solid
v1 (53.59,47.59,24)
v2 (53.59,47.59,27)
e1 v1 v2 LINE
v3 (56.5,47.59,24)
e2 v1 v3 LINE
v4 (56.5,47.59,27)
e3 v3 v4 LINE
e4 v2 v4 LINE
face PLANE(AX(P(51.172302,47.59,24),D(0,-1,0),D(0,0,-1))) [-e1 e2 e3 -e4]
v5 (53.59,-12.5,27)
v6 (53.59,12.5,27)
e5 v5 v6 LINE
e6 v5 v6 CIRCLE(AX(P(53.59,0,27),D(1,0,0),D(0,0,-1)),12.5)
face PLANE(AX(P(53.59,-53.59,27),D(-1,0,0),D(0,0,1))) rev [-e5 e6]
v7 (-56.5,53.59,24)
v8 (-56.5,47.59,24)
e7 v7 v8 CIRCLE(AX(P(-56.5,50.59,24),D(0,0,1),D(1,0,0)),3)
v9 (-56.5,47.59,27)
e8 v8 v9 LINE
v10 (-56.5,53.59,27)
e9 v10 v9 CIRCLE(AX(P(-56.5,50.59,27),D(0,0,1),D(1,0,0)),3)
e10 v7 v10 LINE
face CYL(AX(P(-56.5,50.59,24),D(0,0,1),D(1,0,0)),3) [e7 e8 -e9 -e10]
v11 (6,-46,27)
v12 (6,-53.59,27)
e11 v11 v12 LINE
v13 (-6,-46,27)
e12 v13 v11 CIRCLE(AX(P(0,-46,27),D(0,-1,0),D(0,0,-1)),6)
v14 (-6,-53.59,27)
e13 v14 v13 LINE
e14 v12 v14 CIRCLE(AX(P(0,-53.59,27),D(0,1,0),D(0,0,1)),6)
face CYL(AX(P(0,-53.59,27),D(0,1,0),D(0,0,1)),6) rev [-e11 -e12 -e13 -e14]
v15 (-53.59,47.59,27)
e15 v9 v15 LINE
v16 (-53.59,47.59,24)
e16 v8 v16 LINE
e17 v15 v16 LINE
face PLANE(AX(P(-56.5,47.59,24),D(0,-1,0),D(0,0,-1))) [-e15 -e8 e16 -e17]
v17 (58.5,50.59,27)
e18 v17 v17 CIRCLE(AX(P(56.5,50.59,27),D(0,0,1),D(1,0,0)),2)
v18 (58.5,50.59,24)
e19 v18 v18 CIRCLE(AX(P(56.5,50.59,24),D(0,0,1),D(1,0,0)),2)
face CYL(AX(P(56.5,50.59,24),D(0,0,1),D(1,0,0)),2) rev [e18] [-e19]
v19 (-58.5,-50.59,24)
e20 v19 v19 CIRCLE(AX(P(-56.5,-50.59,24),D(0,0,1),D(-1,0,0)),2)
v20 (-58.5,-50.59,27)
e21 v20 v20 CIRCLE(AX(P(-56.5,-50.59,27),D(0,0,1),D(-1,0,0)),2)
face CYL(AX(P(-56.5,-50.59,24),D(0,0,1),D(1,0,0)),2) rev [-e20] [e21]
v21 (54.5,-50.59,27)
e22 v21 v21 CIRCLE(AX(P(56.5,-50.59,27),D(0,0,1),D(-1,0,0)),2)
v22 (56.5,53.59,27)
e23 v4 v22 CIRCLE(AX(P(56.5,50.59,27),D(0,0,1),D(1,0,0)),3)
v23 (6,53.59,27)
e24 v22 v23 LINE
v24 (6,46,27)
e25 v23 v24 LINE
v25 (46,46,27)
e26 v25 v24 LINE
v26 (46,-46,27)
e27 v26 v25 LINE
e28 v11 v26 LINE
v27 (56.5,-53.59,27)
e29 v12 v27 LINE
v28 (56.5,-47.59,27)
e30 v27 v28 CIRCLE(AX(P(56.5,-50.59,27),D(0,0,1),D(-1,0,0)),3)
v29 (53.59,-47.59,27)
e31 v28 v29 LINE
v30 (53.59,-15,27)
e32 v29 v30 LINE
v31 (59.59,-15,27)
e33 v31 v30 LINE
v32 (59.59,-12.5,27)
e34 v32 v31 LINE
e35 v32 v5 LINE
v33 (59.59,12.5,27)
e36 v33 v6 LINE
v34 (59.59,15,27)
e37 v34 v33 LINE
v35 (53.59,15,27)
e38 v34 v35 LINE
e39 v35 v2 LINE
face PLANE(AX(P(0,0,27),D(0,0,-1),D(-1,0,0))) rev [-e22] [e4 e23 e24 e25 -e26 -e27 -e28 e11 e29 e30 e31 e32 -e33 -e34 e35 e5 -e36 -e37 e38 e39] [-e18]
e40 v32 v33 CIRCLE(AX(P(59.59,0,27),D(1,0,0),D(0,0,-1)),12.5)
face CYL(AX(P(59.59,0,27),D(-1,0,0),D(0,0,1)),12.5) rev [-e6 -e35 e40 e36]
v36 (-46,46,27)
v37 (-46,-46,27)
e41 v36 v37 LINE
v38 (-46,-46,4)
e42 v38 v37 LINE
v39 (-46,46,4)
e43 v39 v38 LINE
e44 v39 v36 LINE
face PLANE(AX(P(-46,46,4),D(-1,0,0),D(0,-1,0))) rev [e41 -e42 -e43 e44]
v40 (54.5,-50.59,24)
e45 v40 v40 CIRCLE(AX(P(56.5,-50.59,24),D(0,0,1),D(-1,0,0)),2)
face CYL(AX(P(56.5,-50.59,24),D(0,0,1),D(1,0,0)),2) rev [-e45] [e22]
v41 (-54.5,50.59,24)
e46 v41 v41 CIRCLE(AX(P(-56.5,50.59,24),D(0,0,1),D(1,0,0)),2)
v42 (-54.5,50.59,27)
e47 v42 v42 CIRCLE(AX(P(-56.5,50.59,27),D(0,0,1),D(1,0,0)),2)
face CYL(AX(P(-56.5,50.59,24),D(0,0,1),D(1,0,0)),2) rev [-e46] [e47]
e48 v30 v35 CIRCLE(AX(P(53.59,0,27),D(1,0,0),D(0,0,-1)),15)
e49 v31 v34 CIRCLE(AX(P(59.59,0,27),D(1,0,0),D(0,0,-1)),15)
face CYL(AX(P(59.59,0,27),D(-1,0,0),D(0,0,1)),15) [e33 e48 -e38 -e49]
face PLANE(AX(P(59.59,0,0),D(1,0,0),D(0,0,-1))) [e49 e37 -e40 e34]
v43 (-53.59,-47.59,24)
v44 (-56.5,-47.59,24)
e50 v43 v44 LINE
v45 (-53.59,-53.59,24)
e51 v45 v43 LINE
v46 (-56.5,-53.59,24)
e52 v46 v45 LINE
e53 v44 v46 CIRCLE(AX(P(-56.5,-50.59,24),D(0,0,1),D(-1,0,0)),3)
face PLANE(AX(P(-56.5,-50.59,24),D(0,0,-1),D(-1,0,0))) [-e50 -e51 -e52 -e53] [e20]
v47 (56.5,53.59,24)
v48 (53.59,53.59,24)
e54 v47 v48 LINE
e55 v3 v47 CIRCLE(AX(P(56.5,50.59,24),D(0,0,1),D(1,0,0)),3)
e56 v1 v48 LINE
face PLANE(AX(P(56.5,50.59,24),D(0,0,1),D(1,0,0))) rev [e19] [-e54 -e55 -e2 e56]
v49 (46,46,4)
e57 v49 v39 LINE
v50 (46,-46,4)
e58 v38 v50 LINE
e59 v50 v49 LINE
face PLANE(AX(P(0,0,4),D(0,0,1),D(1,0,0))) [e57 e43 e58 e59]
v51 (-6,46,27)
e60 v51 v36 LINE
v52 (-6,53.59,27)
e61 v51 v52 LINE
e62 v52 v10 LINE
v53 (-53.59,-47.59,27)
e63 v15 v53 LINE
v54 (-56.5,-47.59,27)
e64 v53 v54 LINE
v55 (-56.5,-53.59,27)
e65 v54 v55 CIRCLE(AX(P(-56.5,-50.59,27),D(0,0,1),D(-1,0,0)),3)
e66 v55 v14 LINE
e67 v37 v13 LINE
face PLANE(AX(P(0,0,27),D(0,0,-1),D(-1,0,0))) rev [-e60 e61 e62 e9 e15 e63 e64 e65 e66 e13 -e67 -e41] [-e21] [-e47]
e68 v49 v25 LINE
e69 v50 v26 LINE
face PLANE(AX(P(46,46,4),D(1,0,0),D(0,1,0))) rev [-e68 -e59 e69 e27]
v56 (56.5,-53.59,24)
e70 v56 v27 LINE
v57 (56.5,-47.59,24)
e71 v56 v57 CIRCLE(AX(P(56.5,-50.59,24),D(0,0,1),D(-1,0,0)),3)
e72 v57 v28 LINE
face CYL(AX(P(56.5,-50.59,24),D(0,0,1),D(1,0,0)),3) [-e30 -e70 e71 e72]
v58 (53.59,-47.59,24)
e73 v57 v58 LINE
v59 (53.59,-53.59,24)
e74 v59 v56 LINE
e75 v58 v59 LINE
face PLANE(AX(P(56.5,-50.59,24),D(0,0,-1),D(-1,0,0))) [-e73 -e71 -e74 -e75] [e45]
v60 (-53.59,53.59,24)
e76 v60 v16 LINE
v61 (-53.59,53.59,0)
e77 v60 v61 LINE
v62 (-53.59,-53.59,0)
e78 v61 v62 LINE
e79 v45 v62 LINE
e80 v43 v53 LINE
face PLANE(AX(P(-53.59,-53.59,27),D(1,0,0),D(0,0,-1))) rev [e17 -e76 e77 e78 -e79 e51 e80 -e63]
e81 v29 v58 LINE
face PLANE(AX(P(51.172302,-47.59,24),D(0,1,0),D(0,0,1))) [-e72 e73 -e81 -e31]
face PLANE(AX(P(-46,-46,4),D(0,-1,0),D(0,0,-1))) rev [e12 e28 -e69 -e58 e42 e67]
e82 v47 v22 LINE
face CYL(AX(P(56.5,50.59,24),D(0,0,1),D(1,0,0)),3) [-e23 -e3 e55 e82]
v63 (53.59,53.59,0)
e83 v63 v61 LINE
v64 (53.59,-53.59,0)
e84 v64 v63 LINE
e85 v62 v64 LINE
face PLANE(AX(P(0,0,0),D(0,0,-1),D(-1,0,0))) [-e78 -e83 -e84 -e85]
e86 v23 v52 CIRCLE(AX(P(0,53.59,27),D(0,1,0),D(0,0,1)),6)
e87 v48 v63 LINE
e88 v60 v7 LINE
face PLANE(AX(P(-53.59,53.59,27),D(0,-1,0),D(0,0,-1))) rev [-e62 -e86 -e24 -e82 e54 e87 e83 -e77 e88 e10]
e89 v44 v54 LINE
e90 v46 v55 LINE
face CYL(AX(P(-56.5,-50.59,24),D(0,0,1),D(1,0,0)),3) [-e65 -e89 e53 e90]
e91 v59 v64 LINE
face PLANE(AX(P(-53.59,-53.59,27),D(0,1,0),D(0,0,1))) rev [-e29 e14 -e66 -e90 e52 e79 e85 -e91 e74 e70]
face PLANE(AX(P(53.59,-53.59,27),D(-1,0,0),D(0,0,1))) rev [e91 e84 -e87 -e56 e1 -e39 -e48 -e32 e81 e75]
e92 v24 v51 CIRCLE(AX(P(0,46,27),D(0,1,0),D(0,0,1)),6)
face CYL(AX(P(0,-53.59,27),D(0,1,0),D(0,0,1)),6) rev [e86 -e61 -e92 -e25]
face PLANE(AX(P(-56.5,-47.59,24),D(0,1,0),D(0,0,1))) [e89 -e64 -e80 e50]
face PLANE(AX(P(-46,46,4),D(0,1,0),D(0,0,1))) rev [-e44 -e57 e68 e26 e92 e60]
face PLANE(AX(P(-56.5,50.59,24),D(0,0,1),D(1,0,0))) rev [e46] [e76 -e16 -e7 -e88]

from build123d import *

# Parameters (mm, degrees)
SKETCH_1_W          = 107.18
SKETCH_1_H          = 107.18
EXTRUDE_1_DEPTH     = 27
SKETCH_2_W          = 92
SKETCH_2_H          = 92
CUT_EXTRUDE_1_DEPTH = 23
SKETCH_3_R          = 6
CUT_EXTRUDE_2_DEPTH = 123.835013331
EXTRUDE_3_DEPTH     = 6
SKETCH_7_R          = 2
EXTRUDE_4_DEPTH     = 3


with BuildPart() as part:
    # 草图1 → 凸台-拉伸1 (new body)
    with BuildSketch(Plane.XY):
        Rectangle(SKETCH_1_W, SKETCH_1_H)
    extrude(amount=EXTRUDE_1_DEPTH)

    # 草图2 → 切除-拉伸1 (cut)
    with BuildSketch(Plane.XY.offset(27)):
        Rectangle(SKETCH_2_W, SKETCH_2_H)
    extrude(amount=-CUT_EXTRUDE_1_DEPTH, mode=Mode.SUBTRACT)

    # 草图3 → 切除-拉伸2 (cut, through all)
    with BuildSketch(Plane(origin=(0, 53.59, 0), x_dir=(1, 0, 0), z_dir=(0, 1, 0))):
        with Locations((0, -27)):
            Circle(SKETCH_3_R)
    extrude(amount=-CUT_EXTRUDE_2_DEPTH, mode=Mode.SUBTRACT)

    # 草图5 → 凸台-拉伸3 (add)
    with BuildSketch(Plane(origin=(53.59, 0, 0), x_dir=(0, 0, -1), z_dir=(1, 0, 0))):
        with BuildLine():
            ThreePointArc((-27, -15), (-12, 0), (-27, 15))
            Line((-27, 15), (-27, 12.5))
            ThreePointArc((-27, 12.5), (-14.5, 0), (-27, -12.5))
            Line((-27, -12.5), (-27, -15))
        make_face()
    extrude(amount=EXTRUDE_3_DEPTH)

    # 草图7 → 凸台-拉伸4 (add)
    # profile 1 of 4: a face of its own
    with BuildSketch(Plane.XY.offset(27)):
        with BuildLine():
            Line((-56.5, 53.59), (-49.473493433, 53.59))
            Line((-49.473493433, 53.59), (-49.473493433, 47.59))
            Line((-49.473493433, 47.59), (-56.5, 47.59))
            ThreePointArc((-56.5, 47.59), (-59.5, 50.59), (-56.5, 53.59))
        make_face()
        with Locations((-56.5, 50.59)):
            Circle(SKETCH_7_R, mode=Mode.SUBTRACT)
    # profile 2 of 4: a face of its own
    with BuildSketch(Plane.XY.offset(27)):
        with BuildLine():
            Line((51.172302286, 53.59), (56.5, 53.59))
            ThreePointArc((56.5, 53.59), (59.5, 50.59), (56.5, 47.59))
            Line((56.5, 47.59), (51.172302286, 47.59))
            Line((51.172302286, 47.59), (51.172302286, 53.59))
        make_face()
        with Locations((56.5, 50.59)):
            Circle(SKETCH_7_R, mode=Mode.SUBTRACT)
    # profile 3 of 4: a face of its own
    with BuildSketch(Plane.XY.offset(27)):
        with BuildLine():
            Line((51.172302286, -47.59), (56.5, -47.59))
            ThreePointArc((56.5, -47.59), (59.5, -50.59), (56.5, -53.59))
            Line((56.5, -53.59), (51.172302286, -53.59))
            Line((51.172302286, -53.59), (51.172302286, -47.59))
        make_face()
        with Locations(Location((56.5, -50.59, 0), (0, 0, 180))):
            Circle(SKETCH_7_R, mode=Mode.SUBTRACT)
    # profile 4 of 4: a face of its own
    with BuildSketch(Plane.XY.offset(27)):
        with BuildLine():
            Line((-49.473493433, -53.59), (-49.473493433, -47.59))
            Line((-49.473493433, -47.59), (-56.5, -47.59))
            ThreePointArc((-56.5, -47.59), (-59.5, -50.59), (-56.5, -53.59))
            Line((-56.5, -53.59), (-49.473493433, -53.59))
        make_face()
        with Locations(Location((-56.5, -50.59, 0), (0, 0, 180))):
            Circle(SKETCH_7_R, mode=Mode.SUBTRACT)
    extrude(amount=-EXTRUDE_4_DEPTH)


solid = part.part
